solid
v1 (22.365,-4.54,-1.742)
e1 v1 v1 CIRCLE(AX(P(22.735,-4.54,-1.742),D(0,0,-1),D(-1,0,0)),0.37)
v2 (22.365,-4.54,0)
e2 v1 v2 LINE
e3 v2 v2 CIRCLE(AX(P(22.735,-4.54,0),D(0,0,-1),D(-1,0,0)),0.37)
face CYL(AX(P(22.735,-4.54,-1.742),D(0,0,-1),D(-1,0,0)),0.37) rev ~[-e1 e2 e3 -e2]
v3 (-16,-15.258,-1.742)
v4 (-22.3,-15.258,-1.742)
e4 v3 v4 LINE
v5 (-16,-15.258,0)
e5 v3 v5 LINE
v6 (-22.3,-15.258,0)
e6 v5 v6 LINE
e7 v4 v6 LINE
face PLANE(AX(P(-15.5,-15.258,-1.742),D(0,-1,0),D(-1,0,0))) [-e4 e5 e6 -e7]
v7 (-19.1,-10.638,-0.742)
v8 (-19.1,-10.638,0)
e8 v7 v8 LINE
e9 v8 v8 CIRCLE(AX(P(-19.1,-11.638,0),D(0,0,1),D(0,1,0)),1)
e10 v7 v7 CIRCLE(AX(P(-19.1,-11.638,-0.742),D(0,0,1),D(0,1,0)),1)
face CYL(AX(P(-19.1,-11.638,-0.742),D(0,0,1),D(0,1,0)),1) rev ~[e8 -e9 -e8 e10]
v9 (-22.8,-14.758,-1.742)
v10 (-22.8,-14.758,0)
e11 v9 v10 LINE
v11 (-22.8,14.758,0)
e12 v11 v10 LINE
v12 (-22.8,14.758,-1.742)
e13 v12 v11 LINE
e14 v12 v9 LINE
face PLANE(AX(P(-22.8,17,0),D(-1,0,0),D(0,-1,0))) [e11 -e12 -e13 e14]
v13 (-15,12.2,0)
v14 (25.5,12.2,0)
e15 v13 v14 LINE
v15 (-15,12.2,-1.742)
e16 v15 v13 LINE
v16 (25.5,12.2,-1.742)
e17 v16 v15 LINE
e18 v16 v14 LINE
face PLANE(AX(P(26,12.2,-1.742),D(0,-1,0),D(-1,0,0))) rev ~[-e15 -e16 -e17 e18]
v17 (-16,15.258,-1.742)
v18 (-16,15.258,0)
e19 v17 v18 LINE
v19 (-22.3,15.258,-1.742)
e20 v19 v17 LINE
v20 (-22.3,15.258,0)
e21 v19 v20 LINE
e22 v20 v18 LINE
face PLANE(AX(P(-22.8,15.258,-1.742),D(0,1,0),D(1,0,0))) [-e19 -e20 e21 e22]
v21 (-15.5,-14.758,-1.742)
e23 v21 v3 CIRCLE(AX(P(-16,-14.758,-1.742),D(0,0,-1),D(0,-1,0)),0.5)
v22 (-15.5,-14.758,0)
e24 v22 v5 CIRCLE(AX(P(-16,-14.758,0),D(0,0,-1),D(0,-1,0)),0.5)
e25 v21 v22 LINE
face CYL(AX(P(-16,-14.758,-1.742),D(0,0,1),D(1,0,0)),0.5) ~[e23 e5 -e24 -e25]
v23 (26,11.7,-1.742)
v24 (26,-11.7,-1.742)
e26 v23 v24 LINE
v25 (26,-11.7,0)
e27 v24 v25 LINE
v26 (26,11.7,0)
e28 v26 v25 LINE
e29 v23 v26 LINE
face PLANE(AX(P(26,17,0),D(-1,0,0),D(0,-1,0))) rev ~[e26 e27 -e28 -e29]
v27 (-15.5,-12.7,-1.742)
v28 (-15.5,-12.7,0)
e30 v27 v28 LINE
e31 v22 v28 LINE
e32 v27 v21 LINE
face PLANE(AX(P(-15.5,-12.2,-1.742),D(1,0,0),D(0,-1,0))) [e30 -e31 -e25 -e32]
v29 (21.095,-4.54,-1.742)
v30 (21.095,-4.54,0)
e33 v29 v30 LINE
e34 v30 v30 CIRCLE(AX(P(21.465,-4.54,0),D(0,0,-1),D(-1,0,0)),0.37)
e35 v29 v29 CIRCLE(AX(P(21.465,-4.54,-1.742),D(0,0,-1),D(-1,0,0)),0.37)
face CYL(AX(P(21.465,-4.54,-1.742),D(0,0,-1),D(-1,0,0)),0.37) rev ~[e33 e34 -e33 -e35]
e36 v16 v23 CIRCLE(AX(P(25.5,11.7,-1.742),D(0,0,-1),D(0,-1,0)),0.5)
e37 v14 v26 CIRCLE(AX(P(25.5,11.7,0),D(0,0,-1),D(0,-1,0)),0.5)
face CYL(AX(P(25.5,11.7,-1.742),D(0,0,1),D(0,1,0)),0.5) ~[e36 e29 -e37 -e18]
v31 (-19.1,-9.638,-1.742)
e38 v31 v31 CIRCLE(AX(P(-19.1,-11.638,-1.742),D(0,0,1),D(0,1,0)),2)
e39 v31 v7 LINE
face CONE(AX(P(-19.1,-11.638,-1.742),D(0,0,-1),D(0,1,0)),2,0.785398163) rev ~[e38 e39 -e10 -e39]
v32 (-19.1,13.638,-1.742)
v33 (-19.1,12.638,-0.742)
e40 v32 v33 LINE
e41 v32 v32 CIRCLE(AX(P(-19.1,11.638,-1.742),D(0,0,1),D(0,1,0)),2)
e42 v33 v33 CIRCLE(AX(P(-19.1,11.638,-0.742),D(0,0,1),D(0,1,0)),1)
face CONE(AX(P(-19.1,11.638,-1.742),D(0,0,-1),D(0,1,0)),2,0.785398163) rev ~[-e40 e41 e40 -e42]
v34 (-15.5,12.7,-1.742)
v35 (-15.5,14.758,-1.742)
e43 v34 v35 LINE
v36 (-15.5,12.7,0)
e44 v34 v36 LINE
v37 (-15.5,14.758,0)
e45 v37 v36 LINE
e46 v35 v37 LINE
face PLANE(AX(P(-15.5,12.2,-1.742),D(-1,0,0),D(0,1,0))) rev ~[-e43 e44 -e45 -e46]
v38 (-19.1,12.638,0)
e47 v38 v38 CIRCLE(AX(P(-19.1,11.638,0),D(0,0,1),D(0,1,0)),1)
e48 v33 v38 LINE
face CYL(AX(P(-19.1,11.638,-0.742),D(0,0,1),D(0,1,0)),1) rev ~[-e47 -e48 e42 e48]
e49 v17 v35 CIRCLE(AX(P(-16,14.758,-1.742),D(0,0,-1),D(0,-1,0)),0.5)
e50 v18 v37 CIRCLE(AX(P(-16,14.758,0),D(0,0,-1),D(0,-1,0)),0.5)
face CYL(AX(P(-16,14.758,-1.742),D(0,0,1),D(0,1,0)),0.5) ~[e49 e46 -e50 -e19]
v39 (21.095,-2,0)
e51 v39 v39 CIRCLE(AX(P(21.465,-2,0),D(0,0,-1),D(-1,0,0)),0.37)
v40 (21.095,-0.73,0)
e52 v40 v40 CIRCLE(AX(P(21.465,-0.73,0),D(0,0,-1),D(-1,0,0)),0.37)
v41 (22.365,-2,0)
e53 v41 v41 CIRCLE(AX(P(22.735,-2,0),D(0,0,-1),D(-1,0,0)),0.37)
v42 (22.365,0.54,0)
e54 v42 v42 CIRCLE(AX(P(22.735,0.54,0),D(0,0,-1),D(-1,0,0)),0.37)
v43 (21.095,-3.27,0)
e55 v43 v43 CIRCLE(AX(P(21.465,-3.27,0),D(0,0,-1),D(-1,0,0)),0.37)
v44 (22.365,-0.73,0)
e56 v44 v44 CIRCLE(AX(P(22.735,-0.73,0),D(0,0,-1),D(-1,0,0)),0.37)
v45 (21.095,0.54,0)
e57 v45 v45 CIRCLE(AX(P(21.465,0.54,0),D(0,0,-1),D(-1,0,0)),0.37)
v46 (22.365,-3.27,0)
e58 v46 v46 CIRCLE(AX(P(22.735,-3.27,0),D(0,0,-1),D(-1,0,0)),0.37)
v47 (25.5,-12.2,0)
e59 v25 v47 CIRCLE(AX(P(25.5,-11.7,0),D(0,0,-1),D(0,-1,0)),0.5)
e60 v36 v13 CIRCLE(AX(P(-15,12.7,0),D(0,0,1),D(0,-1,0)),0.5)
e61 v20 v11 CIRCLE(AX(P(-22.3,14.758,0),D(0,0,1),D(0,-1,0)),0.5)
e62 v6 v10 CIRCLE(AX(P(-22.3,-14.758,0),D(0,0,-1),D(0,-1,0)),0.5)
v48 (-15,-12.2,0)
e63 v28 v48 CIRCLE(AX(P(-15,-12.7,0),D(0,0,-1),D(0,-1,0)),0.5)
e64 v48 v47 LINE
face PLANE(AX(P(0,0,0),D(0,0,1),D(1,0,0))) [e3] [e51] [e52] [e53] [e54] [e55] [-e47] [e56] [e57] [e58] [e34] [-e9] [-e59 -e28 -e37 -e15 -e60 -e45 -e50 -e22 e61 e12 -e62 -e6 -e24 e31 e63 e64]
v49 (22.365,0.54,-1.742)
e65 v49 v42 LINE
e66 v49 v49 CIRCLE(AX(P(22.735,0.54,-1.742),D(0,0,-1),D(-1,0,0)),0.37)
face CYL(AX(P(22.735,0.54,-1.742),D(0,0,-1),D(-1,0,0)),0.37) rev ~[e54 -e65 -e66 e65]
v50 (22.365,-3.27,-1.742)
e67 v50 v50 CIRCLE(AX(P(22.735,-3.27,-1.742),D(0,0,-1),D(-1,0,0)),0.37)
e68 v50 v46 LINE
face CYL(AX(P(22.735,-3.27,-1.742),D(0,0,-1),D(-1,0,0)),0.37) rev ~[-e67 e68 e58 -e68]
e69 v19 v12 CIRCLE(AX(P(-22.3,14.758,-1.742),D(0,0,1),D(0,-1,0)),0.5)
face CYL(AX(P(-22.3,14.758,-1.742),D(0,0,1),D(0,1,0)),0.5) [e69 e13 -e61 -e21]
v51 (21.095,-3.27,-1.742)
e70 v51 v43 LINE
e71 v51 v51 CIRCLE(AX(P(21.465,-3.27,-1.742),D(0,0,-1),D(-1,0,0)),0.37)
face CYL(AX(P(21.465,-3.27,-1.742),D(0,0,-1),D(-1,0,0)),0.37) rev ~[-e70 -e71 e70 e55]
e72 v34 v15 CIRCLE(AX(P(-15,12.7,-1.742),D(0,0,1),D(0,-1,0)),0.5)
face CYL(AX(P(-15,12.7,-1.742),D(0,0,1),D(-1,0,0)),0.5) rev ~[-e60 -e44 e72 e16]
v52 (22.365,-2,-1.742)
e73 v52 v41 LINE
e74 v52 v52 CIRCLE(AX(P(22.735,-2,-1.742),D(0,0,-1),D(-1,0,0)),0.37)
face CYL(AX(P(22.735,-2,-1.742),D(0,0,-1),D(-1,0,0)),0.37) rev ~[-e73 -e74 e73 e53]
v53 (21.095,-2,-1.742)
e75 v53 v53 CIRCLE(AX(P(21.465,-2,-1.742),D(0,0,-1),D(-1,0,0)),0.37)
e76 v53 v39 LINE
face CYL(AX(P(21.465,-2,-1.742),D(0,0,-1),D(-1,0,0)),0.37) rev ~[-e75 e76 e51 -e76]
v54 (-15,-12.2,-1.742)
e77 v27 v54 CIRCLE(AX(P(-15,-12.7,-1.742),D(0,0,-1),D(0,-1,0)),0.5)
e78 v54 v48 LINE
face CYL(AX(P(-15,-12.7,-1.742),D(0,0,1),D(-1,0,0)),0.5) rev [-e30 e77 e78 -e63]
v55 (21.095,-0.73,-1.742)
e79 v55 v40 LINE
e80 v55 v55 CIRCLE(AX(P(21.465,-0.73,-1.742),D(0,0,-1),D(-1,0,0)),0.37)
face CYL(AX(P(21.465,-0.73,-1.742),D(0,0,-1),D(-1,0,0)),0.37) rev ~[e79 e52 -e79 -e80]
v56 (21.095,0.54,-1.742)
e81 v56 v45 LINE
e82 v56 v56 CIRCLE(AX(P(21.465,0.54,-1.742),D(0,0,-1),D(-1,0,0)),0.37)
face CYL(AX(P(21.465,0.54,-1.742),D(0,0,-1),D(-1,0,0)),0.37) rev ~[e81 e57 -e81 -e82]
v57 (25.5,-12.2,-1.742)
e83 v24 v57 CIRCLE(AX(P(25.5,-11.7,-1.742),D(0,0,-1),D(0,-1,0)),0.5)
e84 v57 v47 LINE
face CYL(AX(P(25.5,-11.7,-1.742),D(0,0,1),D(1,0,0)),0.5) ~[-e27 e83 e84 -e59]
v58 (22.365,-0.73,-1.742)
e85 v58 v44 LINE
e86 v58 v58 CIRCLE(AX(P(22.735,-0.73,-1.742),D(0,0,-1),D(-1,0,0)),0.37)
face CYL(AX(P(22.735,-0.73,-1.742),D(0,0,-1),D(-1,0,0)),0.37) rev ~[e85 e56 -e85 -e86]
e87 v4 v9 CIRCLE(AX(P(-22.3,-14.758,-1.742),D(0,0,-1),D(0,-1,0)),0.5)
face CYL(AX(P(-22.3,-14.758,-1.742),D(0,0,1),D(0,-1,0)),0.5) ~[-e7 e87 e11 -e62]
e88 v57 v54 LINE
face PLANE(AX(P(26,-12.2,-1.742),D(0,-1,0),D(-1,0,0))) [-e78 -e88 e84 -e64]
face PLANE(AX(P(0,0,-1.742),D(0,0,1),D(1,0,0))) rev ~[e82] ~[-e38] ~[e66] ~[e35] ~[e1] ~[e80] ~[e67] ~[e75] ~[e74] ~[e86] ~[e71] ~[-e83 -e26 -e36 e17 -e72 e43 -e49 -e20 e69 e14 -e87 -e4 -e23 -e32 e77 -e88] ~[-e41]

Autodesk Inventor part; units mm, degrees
ref_plane "YZ Plane" through (0, 0, 0) normal (1, 0, 0) x (0, 1, 0)
ref_plane "XZ Plane" through (0, 0, 0) normal (0, 1, 0) x (-1, 0, 0)
ref_plane "XY Plane" through (0, 0, 0) normal (0, 0, 1) x (1, 0, 0)
sketch "Boceto1" plane through (0, 0, 0) normal (0, 0, 1) x (1, 0, 0)
  line L0 (-26, 17) -> (26, 17)
  line L1 (26, 17) -> (26, -17)
  line L2 (26, -17) -> (-26, -17)
  line L3 (-26, -17) -> (-26, 17)
  line L4 (-26, 17) -> (26, -17) construction
  line L5 (26, 17) -> (-26, -17) construction
  point P0 (0, 0)
  dimension "d0" = 52
  dimension "d1" = 34
extrude "Extrusión1" add sketch "Boceto1" against normal blind 1.742
fillet "Empalme1" radius 0.5 4 edges at (26, 17, -0.871) (-26, 17, -0.871) (-26, -17, -0.871) (26, -17, -0.871)
sketch "Boceto2" plane through (0, 0, -1.742) normal (0, 0, -1) x (-1, 0, 0)
  line L0 (-25.5, 17) -> (25.5, 17) projected
  line L1 (25.5, -17) -> (-25.5, -17) projected
  line L2 (25.5, 17) -> (-25.5, 17) projected
  line L3 (15.5, 17) -> (-26, 17)
  line L4 (-26, 17) -> (-26, 12.2)
  line L5 (-26, 12.2) -> (15.5, 12.2)
  line L6 (15.5, 12.2) -> (15.5, 17)
  line L7 (-26, -16.5) -> (-26, 16.5) projected
  line L8 (-25.5, -17) -> (25.5, -17) projected
  line L9 (-26, 16.5) -> (-26, -16.5) projected
  line L10 (15.5, -17) -> (-26, -17)
  line L11 (-26, -17) -> (-26, -12.2)
  line L12 (-26, -12.2) -> (15.5, -12.2)
  line L13 (15.5, -12.2) -> (15.5, -17)
  point P0 (0, 0)
  dimension "d5" = 4.8
  dimension "d6" = 41.5
  dimension "d7" = 4.8
  dimension "d8" = 41.5
extrude "Extrusión2" cut sketch "Boceto2" against normal through all
sketch "Boceto4" plane through (0, 0, 0) normal (0, 0, 1) x (1, 0, 0)
  line L0 (-26, -16.5) -> (-26, 16.5) construction
  line L1 (-26, 17) -> (-22.8, 17)
  line L2 (-22.8, 17) -> (-22.8, -17)
  line L3 (-22.8, -17) -> (-26, -17)
  line L4 (-26, -17) -> (-26, 17)
  line L5 (-15.5, -17) -> (-25.5, -17) projected
  line L6 (-25.5, 17) -> (-15.5, 17) projected
  point P0 (0, 0)
  dimension "d17" = 3.2
extrude "Extrusión4" cut sketch "Boceto4" against normal up to surface (1.742 mm away)
sketch "Boceto7" plane through (0, 0, -1.742) normal (0, 0, -1) x (-1, 0, 0)
  line L0 (22.8, -17) -> (22.8, 17) projected
  line L1 (22.8, 17) -> (15.5, 17) projected
  line L2 (15.5, -17) -> (22.8, -17) projected
  point P0 (0, 0)
  point P1 (19.1, 11.638)
  point P2 (19.1, -11.638)
  dimension "d30" = 3.7
  dimension "d31" = 5.362
  dimension "d32" = 5.362
hole "Agujero2" at (-19.1, 11.638, -1.742) at (-19.1, -11.638, -1.742) direction (0, 0, 1) diameter 2 end through all countersink diameter 4 countersink angle 90
fillet "Empalme2" radius 0.5 8 edges at (-15.5, 17, -0.871) (-22.8, 17, -0.871) (-15.5, 12.2, -0.871) (26, 12.2, -0.871) (26, -12.2, -0.871) (-15.5, -12.2, -0.871) (-15.5, -17, -0.871) (-22.8, -17, -0.871)
sketch "Boceto8" plane through (0, 0, -1.742) normal (0, 0, -1) x (-1, 0, 0)
  line L0 (-26, 11.7) -> (-26, -11.7) construction
  line L1 (-25.5, -12.2) -> (15, -12.2) construction
  circle A0 centre (-22.735, 0.54) radius 0.37
  circle A1 centre (-21.465, 0.54) radius 0.37
  circle A2 centre (-22.735, -0.73) radius 0.37
  circle A3 centre (-21.465, -0.73) radius 0.37
  circle A4 centre (-22.735, -2) radius 0.37
  circle A5 centre (-21.465, -2) radius 0.37
  circle A6 centre (-22.735, -3.27) radius 0.37
  circle A7 centre (-21.465, -3.27) radius 0.37
  circle A8 centre (-22.735, -4.54) radius 0.37
  circle A9 centre (-21.465, -4.54) radius 0.37
  point P0 (0, 0)
  dimension "d49" = 3.265
  dimension "d50" = 1.27
  dimension "d51" = 1.27
  dimension "d52" = 1.27
  dimension "d53" = 1.27
  dimension "d54" = 12.74
  dimension "d55" = 0.74
  dimension "d56" = 0.74
  dimension "d57" = 0.74
  dimension "d58" = 0.74
  dimension "d59" = 0.74
  dimension "d60" = 0.74
  dimension "d61" = 0.74
  dimension "d62" = 0.74
  dimension "d63" = 1.27
  dimension "d64" = 0.74
  dimension "d65" = 0.74
extrude "Extrusión5" cut sketch "Boceto8" against normal up to surface (1.742 mm away)
sketch "Boceto9" plane through (0, 0, -1.742) normal (0, 0, -1) x (-1, 0, 0)
  line L0 (22.8, -17) -> (15.5, -17)
  line L1 (15.5, -17) -> (15.5, -15.258)
  line L2 (15.5, -15.258) -> (22.8, -15.258)
  line L3 (22.8, -15.258) -> (22.8, -17)
  line L4 (22.8, 15.258) -> (15.5, 15.258)
  line L5 (15.5, 15.258) -> (15.5, 17)
  line L6 (15.5, 17) -> (22.8, 17)
  line L7 (22.8, 17) -> (22.8, 15.258)
  point P0 (0, 0)
  point P1 (22.3, -17)
  point P2 (22.8, -16.5)
  point P3 (15.5, -16.5)
  point P4 (16, 17)
  point P5 (22.8, 16.5)
  point P6 (15.5, 16.5)
  dimension "d43" = 1.742
  dimension "d44" = 1.742
extrude "Extrusión6" cut sketch "Boceto9" against normal up to surface (1.742 mm away)
fillet "Empalme3" radius 0.5 4 edges at (-22.8, -15.258, -0.871) (-15.5, -15.258, -0.871) (-22.8, 15.258, -0.871) (-15.5, 15.258, -0.871)
properties part number "hw_DAA - PCB Peripherals" material "PCB"
